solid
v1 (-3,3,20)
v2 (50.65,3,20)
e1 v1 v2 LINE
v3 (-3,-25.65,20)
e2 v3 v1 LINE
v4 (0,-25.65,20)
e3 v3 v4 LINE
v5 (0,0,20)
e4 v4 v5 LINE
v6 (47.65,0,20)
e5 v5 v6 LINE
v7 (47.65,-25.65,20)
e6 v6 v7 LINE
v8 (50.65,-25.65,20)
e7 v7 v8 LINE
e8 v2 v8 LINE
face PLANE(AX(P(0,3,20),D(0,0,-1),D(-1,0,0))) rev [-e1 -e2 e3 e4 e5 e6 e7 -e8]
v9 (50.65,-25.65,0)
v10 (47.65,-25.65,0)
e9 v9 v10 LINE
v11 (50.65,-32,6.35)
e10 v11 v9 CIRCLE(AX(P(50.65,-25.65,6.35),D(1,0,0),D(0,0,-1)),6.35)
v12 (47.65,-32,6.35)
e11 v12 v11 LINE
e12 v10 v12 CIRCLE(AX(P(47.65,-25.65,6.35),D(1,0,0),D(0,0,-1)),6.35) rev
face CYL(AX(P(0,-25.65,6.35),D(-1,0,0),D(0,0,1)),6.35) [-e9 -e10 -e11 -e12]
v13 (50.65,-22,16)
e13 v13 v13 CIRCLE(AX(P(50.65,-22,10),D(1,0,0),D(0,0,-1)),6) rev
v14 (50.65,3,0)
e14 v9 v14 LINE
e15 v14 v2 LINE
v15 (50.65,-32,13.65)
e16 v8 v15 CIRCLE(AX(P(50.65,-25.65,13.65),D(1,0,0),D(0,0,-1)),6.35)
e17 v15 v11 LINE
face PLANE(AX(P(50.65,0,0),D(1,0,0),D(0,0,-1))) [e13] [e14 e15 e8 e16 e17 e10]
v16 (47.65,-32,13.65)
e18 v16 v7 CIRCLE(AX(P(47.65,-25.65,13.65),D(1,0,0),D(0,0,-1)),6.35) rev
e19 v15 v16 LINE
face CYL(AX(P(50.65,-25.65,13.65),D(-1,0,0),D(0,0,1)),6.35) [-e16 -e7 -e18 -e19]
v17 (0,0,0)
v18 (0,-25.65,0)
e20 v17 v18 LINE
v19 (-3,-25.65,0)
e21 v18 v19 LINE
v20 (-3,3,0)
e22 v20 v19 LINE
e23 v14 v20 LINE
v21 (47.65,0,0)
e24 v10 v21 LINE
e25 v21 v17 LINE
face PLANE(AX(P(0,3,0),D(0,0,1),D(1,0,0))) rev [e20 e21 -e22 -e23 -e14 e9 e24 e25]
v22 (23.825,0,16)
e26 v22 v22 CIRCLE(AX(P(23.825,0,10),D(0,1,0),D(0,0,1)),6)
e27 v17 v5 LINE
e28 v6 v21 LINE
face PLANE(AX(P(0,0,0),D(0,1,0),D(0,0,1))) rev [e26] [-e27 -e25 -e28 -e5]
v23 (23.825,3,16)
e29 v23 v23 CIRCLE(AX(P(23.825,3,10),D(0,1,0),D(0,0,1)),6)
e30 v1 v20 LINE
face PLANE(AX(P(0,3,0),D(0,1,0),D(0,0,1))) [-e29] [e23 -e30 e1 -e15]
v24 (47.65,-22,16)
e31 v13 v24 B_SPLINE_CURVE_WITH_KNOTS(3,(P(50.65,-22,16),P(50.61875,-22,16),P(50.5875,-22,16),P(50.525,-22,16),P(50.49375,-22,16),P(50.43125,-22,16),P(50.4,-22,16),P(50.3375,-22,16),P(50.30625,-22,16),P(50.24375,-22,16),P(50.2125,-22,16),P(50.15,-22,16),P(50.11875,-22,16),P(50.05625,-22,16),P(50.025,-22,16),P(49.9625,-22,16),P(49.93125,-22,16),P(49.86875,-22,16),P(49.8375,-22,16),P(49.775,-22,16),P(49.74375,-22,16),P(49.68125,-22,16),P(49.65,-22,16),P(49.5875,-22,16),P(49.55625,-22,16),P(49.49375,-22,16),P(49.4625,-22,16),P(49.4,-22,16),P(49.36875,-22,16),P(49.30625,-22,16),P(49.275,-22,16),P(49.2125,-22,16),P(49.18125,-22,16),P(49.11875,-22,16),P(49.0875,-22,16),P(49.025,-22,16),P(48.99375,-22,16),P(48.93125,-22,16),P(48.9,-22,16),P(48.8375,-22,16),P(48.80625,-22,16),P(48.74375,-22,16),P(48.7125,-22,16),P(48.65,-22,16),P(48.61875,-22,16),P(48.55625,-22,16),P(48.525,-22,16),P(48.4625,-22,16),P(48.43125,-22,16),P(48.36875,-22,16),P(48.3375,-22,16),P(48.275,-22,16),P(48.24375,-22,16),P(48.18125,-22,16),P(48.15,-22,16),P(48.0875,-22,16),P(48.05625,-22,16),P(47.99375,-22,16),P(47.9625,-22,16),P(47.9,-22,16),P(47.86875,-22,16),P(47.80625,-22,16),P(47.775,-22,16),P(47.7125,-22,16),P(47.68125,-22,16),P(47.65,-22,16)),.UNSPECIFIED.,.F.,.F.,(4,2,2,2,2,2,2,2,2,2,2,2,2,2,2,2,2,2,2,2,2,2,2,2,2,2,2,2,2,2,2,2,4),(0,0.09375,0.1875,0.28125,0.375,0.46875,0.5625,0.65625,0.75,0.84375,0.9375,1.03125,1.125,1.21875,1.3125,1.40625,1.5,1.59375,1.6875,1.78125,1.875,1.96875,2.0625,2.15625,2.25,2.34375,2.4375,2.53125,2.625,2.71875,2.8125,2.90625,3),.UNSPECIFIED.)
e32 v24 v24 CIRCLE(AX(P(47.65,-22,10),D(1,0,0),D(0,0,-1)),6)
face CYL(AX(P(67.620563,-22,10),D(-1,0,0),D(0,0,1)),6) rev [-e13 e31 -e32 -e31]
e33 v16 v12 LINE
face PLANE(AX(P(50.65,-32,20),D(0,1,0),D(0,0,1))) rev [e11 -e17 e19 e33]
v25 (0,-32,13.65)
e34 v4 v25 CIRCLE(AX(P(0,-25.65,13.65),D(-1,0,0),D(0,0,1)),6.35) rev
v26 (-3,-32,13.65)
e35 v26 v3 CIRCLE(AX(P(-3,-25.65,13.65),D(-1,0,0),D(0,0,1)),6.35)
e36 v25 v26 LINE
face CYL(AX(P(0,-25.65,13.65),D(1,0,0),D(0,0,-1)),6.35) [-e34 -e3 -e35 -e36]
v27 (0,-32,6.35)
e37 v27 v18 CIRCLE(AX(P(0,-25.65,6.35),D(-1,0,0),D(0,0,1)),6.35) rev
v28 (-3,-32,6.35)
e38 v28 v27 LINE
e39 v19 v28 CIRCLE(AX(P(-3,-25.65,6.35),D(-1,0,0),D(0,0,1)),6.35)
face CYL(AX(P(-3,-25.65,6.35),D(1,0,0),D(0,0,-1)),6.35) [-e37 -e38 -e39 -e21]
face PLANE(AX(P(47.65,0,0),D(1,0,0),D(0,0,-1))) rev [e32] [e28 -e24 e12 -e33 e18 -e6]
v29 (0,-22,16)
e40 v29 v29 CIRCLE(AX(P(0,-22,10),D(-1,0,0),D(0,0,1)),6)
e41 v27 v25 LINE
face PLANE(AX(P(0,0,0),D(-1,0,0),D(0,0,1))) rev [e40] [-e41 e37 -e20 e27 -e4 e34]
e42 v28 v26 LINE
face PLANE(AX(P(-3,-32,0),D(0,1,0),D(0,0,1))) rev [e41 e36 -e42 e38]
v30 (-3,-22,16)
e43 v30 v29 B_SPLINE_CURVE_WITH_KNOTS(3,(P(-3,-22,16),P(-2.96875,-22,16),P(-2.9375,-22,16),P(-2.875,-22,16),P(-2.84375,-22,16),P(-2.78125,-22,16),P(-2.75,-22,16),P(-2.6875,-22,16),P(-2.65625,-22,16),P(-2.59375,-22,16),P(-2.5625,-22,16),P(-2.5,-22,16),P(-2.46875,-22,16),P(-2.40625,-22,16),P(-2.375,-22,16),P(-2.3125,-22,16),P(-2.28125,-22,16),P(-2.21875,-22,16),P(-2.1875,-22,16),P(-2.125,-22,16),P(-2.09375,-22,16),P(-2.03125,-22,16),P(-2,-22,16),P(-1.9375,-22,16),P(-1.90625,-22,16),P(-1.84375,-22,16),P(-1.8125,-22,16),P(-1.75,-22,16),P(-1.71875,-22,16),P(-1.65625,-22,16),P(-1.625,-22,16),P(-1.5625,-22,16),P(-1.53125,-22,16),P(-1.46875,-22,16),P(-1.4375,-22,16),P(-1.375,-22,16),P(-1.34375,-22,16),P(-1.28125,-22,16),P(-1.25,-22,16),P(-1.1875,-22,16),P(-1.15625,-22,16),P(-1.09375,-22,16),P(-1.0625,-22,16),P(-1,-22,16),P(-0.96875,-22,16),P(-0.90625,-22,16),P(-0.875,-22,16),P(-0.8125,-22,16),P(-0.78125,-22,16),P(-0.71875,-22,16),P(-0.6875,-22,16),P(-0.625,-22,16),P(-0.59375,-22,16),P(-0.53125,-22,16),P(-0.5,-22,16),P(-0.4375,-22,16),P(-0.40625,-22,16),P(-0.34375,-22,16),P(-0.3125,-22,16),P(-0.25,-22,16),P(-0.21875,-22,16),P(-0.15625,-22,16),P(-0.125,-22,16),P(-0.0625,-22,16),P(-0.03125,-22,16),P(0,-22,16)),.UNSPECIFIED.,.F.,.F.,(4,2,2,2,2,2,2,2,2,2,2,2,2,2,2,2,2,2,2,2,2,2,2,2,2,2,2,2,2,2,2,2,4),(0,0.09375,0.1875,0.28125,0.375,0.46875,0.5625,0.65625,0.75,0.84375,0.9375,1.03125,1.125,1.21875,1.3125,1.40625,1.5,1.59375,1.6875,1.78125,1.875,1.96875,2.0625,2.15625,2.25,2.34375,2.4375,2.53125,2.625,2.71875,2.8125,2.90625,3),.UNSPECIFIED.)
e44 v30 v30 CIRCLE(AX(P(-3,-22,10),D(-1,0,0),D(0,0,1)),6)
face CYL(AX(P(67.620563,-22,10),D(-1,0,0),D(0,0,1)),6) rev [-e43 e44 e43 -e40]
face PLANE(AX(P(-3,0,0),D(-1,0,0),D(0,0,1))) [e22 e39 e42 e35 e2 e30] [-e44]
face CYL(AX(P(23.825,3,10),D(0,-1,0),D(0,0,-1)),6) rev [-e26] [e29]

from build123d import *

# Parameters (mm, degrees)
SKETCH2_W           = 47.65
SKETCH2_H           = 20
SKETCH2_R           = 6
BOSS_EXTRUDE1_DEPTH = 3
SKETCH3_W           = 20
SKETCH3_H           = 35
BOSS_EXTRUDE3_DEPTH = 3
SKETCH4_W           = 20
SKETCH4_H           = 35
BOSS_EXTRUDE4_DEPTH = 3
CUT_EXTRUDE1_REACH  = 67.592
SKETCH5_R           = 6
FILLET1_R           = 6.35


with BuildPart() as part:
    # Sketch2 → Boss-Extrude1 (new body)
    with BuildSketch(Plane(origin=(0, 0, 0), x_dir=(1, 0, 0), z_dir=(0, 1, 0))):
        with Locations((23.825, -10)):
            Rectangle(SKETCH2_W, SKETCH2_H)
        with Locations(Location((23.825, -10, 0), (0, 0, 270))):
            Circle(SKETCH2_R, mode=Mode.SUBTRACT)
    extrude(amount=BOSS_EXTRUDE1_DEPTH)

    # Sketch3 → Boss-Extrude3 (add)
    with BuildSketch(Plane(origin=(47.65, 0, 0), x_dir=(0, 0, -1), z_dir=(1, 0, 0))):
        with Locations((-10, -14.5)):
            Rectangle(SKETCH3_W, SKETCH3_H)
    extrude(amount=BOSS_EXTRUDE3_DEPTH)

    # Sketch4 → Boss-Extrude4 (add)
    with BuildSketch(Plane.ZY):
        with Locations((10, -14.5)):
            Rectangle(SKETCH4_W, SKETCH4_H)
    extrude(amount=BOSS_EXTRUDE4_DEPTH)

    # Cut-Extrude1: up to this face of the body (flat: up to its plane)
    cut_extrude1_end = Plane(part.part.faces().sort_by_distance((50.65, -14.5, 10))[0])
    # Sketch5 → Cut-Extrude1 (cut, up to the picked face)
    with BuildSketch(Plane.ZY.offset(3), mode=Mode.PRIVATE) as cut_extrude1_sk1:
        with Locations((10, -22)):
            Circle(SKETCH5_R)
    cut_extrude1_tool1 = split(extrude(cut_extrude1_sk1.sketch, amount=-CUT_EXTRUDE1_REACH, mode=Mode.PRIVATE), bisect_by=cut_extrude1_end, keep=Keep.BOTH, mode=Mode.PRIVATE)
    add(cut_extrude1_tool1.solids().sort_by(Axis((-3, -22, 10), (1, 0, 0)))[0], mode=Mode.SUBTRACT)

    # Fillet1
    fillet1_edges = [part.edges().sort_by_distance(p)[0] for p in [
        (49.15, -32, 20),
        (49.15, -32, 0),
        (-1.5, -32, 0),
        (-1.5, -32, 20),
    ]]
    fillet(fillet1_edges, radius=FILLET1_R)


solid = part.part
